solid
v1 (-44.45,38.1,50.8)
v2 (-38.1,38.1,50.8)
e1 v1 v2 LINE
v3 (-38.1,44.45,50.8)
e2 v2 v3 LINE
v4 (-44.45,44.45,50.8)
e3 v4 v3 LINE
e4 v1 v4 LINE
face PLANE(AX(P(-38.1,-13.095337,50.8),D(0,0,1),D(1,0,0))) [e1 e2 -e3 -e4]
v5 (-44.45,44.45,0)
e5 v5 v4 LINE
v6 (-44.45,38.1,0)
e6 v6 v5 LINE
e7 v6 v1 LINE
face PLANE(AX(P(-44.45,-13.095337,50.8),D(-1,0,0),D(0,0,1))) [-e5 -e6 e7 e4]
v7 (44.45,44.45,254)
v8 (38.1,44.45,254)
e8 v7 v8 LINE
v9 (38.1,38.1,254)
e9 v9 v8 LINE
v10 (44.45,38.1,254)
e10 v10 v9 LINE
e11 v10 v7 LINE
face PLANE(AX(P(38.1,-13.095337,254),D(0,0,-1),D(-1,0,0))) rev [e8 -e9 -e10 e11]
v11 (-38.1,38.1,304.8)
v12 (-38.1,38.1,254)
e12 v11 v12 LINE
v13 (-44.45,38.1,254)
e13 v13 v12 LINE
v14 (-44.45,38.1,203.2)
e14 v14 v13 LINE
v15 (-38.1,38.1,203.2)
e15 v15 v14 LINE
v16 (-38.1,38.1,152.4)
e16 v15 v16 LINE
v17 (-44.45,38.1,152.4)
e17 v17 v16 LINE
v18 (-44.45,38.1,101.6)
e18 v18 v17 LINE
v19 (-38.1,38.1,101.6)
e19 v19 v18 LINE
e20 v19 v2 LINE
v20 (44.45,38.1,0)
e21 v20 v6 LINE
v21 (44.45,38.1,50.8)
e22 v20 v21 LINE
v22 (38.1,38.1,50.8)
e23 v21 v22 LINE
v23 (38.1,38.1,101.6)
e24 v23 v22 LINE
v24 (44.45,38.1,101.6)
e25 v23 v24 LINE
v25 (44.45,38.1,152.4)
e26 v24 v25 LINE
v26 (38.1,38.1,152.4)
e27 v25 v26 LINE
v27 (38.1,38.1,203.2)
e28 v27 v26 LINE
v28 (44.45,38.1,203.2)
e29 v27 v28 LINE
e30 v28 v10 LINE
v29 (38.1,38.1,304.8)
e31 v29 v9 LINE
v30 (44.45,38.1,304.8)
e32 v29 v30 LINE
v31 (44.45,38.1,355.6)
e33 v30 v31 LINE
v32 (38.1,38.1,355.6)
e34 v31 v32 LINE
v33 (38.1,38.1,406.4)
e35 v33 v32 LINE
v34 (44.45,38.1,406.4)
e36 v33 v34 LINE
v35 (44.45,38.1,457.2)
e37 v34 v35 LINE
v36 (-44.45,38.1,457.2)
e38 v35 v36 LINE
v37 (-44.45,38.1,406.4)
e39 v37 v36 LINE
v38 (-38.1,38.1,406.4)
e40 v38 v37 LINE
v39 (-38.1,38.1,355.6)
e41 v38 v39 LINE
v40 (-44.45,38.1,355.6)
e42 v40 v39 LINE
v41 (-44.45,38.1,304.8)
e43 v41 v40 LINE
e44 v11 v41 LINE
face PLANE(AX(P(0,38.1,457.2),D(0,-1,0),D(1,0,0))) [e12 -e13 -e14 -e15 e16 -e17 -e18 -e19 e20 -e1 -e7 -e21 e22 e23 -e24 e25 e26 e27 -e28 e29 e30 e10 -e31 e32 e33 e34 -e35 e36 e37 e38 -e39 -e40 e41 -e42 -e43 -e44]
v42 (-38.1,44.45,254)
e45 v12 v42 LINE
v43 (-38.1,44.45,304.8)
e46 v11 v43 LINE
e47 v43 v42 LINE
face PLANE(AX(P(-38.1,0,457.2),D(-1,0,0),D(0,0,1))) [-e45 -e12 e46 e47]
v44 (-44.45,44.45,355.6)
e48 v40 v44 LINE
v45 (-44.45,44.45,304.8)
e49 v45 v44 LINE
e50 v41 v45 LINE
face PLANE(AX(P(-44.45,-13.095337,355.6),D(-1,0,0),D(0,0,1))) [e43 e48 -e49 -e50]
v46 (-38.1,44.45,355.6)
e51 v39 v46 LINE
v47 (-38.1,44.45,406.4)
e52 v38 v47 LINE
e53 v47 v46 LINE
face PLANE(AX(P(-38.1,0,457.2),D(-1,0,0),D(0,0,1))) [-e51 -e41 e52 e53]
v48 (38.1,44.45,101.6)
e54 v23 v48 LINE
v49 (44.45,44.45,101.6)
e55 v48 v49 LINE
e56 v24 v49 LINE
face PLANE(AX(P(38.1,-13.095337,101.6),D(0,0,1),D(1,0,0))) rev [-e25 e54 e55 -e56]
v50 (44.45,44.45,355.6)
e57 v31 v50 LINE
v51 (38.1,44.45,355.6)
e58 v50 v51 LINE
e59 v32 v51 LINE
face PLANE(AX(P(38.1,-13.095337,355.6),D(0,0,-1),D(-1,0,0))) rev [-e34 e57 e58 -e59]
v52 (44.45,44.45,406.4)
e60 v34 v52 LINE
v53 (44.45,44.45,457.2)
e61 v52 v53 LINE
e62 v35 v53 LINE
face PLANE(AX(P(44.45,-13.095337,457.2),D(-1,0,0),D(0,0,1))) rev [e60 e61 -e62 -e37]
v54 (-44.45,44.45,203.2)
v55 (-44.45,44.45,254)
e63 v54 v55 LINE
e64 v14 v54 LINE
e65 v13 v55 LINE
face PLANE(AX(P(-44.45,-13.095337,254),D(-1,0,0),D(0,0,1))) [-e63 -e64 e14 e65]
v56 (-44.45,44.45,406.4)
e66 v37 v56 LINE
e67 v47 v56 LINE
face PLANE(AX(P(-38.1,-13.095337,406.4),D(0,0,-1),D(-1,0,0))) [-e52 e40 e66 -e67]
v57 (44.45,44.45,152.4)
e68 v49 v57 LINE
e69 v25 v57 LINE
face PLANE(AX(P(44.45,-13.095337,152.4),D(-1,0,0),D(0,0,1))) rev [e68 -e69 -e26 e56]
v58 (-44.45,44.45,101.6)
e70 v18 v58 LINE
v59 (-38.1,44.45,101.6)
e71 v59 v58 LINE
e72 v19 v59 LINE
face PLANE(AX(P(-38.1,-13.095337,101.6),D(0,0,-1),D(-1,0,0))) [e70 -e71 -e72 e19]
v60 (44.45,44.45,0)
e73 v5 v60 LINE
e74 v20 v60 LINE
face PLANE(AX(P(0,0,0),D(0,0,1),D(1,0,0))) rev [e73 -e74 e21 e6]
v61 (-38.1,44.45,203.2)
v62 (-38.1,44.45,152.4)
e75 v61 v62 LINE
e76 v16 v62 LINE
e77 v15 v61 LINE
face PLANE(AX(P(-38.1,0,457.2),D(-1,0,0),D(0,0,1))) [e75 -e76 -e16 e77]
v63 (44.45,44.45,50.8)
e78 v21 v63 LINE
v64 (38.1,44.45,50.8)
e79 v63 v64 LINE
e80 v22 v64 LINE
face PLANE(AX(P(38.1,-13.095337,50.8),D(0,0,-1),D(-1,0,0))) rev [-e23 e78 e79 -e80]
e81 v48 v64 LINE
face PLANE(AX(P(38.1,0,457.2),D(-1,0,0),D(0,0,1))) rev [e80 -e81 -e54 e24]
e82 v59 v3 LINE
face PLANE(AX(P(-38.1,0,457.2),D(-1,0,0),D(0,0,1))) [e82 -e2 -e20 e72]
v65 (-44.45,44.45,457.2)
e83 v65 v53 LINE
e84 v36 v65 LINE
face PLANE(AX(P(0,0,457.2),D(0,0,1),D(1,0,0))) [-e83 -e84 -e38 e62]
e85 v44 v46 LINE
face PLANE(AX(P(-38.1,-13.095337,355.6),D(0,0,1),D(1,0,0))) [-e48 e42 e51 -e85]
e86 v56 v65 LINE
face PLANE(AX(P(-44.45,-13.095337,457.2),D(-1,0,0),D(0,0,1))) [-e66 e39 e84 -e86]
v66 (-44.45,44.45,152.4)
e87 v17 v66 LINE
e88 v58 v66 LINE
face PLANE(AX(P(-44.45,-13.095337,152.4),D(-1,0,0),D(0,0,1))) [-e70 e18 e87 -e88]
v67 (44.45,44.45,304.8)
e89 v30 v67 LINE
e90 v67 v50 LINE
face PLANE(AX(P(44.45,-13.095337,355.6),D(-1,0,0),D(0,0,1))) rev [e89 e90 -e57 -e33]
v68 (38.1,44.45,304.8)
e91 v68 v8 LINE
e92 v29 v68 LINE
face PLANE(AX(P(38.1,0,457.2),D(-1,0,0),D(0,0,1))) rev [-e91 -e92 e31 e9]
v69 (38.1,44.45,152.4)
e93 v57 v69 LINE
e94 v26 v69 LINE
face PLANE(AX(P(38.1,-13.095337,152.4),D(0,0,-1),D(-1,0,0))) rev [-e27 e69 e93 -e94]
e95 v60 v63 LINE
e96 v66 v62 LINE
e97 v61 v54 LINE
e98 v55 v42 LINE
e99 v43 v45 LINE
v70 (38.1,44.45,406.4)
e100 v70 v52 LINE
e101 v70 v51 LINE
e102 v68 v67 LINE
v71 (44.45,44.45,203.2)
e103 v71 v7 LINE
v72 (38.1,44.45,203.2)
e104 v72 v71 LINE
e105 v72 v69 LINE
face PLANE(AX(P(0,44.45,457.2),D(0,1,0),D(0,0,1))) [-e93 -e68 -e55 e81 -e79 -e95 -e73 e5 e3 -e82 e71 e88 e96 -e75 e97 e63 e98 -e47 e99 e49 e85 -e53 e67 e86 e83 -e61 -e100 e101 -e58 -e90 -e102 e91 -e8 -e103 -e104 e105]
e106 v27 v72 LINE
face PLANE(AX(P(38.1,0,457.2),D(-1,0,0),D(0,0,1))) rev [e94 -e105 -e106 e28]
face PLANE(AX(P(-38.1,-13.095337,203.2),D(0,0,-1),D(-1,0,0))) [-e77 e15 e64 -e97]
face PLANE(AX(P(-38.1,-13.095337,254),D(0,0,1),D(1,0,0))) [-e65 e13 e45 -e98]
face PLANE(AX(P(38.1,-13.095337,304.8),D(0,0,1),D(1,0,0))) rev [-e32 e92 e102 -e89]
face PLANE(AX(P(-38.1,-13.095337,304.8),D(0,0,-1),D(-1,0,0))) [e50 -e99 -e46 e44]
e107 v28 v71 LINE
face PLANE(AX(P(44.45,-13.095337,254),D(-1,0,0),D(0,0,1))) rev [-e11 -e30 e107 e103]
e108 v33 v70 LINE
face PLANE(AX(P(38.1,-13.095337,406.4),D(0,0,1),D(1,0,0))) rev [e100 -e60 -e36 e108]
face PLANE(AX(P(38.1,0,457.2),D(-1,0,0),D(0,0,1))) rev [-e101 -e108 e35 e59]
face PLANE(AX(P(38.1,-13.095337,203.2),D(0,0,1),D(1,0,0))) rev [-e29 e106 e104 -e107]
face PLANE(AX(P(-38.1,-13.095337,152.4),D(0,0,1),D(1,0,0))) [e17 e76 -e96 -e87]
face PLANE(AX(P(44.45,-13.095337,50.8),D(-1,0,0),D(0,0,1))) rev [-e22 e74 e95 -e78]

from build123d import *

# Parameters (mm, degrees)
SKETCH1_W               = 76.2
SKETCH1_H               = 6.35
BASE_EXTRUSION_DEPTH    = 457.2
SKETCH2_W               = 6.35
SKETCH2_H               = 50.8
TAB_DEPTH               = 6.35
LPATTERN1_COUNT         = 5
LPATTERN1_PITCH         = 101.6
MIRROR2_COPY_1_SKETCH_W = 6.35
MIRROR2_COPY_1_SKETCH_H = 50.8
MIRROR2_COPY_1_DEPTH    = 6.35
MIRROR2_COPY_2_SKETCH_W = 6.35
MIRROR2_COPY_2_SKETCH_H = 50.8
MIRROR2_COPY_2_DEPTH    = 6.35
MIRROR2_COPY_3_SKETCH_W = 6.35
MIRROR2_COPY_3_SKETCH_H = 50.8
MIRROR2_COPY_3_DEPTH    = 6.35
MIRROR2_COPY_4_SKETCH_W = 6.35
MIRROR2_COPY_4_SKETCH_H = 50.8
MIRROR2_COPY_4_DEPTH    = 6.35


with BuildPart() as part:
    # Sketch1 → Base Extrusion (new body)
    with BuildSketch(Plane.XY):
        with Locations((0, 41.275)):
            Rectangle(SKETCH1_W, SKETCH1_H)
    extrude(amount=BASE_EXTRUSION_DEPTH)

    # Sketch2 → Tab (add)
    with BuildSketch(Plane(origin=(0, 44.45, 0), x_dir=(1, 0, 0), z_dir=(0, 1, 0))):
        with Locations((-41.275, -431.8)):
            Rectangle(SKETCH2_W, SKETCH2_H)
    tab = extrude(amount=-TAB_DEPTH)

    # LPattern1: Tab ×5
    with Locations(*[(0, 0, -i * LPATTERN1_PITCH) for i in range(1, LPATTERN1_COUNT)]):
        add(tab)

    # Mirror2: Tab across plane
    add(tab.mirror(Plane(origin=(0, 0, 0), x_dir=(0, 0, 1), z_dir=(1, 0, 0))))

    # Mirror2 copy 1 sketch → Mirror2 copy 1 (add)
    with BuildSketch(Plane(origin=(0, 44.45, -101.6), x_dir=(-1, 0, 0), z_dir=(0, 1, 0))):
        with Locations((-41.275, 431.8)):
            Rectangle(MIRROR2_COPY_1_SKETCH_W, MIRROR2_COPY_1_SKETCH_H)
    extrude(amount=-MIRROR2_COPY_1_DEPTH)

    # Mirror2 copy 2 sketch → Mirror2 copy 2 (add)
    with BuildSketch(Plane(origin=(0, 44.45, -203.2), x_dir=(-1, 0, 0), z_dir=(0, 1, 0))):
        with Locations((-41.275, 431.8)):
            Rectangle(MIRROR2_COPY_2_SKETCH_W, MIRROR2_COPY_2_SKETCH_H)
    extrude(amount=-MIRROR2_COPY_2_DEPTH)

    # Mirror2 copy 3 sketch → Mirror2 copy 3 (add)
    with BuildSketch(Plane(origin=(0, 44.45, -304.8), x_dir=(-1, 0, 0), z_dir=(0, 1, 0))):
        with Locations((-41.275, 431.8)):
            Rectangle(MIRROR2_COPY_3_SKETCH_W, MIRROR2_COPY_3_SKETCH_H)
    extrude(amount=-MIRROR2_COPY_3_DEPTH)

    # Mirror2 copy 4 sketch → Mirror2 copy 4 (add)
    with BuildSketch(Plane(origin=(0, 44.45, -406.4), x_dir=(-1, 0, 0), z_dir=(0, 1, 0))):
        with Locations((-41.275, 431.8)):
            Rectangle(MIRROR2_COPY_4_SKETCH_W, MIRROR2_COPY_4_SKETCH_H)
    extrude(amount=-MIRROR2_COPY_4_DEPTH)


solid = part.part
